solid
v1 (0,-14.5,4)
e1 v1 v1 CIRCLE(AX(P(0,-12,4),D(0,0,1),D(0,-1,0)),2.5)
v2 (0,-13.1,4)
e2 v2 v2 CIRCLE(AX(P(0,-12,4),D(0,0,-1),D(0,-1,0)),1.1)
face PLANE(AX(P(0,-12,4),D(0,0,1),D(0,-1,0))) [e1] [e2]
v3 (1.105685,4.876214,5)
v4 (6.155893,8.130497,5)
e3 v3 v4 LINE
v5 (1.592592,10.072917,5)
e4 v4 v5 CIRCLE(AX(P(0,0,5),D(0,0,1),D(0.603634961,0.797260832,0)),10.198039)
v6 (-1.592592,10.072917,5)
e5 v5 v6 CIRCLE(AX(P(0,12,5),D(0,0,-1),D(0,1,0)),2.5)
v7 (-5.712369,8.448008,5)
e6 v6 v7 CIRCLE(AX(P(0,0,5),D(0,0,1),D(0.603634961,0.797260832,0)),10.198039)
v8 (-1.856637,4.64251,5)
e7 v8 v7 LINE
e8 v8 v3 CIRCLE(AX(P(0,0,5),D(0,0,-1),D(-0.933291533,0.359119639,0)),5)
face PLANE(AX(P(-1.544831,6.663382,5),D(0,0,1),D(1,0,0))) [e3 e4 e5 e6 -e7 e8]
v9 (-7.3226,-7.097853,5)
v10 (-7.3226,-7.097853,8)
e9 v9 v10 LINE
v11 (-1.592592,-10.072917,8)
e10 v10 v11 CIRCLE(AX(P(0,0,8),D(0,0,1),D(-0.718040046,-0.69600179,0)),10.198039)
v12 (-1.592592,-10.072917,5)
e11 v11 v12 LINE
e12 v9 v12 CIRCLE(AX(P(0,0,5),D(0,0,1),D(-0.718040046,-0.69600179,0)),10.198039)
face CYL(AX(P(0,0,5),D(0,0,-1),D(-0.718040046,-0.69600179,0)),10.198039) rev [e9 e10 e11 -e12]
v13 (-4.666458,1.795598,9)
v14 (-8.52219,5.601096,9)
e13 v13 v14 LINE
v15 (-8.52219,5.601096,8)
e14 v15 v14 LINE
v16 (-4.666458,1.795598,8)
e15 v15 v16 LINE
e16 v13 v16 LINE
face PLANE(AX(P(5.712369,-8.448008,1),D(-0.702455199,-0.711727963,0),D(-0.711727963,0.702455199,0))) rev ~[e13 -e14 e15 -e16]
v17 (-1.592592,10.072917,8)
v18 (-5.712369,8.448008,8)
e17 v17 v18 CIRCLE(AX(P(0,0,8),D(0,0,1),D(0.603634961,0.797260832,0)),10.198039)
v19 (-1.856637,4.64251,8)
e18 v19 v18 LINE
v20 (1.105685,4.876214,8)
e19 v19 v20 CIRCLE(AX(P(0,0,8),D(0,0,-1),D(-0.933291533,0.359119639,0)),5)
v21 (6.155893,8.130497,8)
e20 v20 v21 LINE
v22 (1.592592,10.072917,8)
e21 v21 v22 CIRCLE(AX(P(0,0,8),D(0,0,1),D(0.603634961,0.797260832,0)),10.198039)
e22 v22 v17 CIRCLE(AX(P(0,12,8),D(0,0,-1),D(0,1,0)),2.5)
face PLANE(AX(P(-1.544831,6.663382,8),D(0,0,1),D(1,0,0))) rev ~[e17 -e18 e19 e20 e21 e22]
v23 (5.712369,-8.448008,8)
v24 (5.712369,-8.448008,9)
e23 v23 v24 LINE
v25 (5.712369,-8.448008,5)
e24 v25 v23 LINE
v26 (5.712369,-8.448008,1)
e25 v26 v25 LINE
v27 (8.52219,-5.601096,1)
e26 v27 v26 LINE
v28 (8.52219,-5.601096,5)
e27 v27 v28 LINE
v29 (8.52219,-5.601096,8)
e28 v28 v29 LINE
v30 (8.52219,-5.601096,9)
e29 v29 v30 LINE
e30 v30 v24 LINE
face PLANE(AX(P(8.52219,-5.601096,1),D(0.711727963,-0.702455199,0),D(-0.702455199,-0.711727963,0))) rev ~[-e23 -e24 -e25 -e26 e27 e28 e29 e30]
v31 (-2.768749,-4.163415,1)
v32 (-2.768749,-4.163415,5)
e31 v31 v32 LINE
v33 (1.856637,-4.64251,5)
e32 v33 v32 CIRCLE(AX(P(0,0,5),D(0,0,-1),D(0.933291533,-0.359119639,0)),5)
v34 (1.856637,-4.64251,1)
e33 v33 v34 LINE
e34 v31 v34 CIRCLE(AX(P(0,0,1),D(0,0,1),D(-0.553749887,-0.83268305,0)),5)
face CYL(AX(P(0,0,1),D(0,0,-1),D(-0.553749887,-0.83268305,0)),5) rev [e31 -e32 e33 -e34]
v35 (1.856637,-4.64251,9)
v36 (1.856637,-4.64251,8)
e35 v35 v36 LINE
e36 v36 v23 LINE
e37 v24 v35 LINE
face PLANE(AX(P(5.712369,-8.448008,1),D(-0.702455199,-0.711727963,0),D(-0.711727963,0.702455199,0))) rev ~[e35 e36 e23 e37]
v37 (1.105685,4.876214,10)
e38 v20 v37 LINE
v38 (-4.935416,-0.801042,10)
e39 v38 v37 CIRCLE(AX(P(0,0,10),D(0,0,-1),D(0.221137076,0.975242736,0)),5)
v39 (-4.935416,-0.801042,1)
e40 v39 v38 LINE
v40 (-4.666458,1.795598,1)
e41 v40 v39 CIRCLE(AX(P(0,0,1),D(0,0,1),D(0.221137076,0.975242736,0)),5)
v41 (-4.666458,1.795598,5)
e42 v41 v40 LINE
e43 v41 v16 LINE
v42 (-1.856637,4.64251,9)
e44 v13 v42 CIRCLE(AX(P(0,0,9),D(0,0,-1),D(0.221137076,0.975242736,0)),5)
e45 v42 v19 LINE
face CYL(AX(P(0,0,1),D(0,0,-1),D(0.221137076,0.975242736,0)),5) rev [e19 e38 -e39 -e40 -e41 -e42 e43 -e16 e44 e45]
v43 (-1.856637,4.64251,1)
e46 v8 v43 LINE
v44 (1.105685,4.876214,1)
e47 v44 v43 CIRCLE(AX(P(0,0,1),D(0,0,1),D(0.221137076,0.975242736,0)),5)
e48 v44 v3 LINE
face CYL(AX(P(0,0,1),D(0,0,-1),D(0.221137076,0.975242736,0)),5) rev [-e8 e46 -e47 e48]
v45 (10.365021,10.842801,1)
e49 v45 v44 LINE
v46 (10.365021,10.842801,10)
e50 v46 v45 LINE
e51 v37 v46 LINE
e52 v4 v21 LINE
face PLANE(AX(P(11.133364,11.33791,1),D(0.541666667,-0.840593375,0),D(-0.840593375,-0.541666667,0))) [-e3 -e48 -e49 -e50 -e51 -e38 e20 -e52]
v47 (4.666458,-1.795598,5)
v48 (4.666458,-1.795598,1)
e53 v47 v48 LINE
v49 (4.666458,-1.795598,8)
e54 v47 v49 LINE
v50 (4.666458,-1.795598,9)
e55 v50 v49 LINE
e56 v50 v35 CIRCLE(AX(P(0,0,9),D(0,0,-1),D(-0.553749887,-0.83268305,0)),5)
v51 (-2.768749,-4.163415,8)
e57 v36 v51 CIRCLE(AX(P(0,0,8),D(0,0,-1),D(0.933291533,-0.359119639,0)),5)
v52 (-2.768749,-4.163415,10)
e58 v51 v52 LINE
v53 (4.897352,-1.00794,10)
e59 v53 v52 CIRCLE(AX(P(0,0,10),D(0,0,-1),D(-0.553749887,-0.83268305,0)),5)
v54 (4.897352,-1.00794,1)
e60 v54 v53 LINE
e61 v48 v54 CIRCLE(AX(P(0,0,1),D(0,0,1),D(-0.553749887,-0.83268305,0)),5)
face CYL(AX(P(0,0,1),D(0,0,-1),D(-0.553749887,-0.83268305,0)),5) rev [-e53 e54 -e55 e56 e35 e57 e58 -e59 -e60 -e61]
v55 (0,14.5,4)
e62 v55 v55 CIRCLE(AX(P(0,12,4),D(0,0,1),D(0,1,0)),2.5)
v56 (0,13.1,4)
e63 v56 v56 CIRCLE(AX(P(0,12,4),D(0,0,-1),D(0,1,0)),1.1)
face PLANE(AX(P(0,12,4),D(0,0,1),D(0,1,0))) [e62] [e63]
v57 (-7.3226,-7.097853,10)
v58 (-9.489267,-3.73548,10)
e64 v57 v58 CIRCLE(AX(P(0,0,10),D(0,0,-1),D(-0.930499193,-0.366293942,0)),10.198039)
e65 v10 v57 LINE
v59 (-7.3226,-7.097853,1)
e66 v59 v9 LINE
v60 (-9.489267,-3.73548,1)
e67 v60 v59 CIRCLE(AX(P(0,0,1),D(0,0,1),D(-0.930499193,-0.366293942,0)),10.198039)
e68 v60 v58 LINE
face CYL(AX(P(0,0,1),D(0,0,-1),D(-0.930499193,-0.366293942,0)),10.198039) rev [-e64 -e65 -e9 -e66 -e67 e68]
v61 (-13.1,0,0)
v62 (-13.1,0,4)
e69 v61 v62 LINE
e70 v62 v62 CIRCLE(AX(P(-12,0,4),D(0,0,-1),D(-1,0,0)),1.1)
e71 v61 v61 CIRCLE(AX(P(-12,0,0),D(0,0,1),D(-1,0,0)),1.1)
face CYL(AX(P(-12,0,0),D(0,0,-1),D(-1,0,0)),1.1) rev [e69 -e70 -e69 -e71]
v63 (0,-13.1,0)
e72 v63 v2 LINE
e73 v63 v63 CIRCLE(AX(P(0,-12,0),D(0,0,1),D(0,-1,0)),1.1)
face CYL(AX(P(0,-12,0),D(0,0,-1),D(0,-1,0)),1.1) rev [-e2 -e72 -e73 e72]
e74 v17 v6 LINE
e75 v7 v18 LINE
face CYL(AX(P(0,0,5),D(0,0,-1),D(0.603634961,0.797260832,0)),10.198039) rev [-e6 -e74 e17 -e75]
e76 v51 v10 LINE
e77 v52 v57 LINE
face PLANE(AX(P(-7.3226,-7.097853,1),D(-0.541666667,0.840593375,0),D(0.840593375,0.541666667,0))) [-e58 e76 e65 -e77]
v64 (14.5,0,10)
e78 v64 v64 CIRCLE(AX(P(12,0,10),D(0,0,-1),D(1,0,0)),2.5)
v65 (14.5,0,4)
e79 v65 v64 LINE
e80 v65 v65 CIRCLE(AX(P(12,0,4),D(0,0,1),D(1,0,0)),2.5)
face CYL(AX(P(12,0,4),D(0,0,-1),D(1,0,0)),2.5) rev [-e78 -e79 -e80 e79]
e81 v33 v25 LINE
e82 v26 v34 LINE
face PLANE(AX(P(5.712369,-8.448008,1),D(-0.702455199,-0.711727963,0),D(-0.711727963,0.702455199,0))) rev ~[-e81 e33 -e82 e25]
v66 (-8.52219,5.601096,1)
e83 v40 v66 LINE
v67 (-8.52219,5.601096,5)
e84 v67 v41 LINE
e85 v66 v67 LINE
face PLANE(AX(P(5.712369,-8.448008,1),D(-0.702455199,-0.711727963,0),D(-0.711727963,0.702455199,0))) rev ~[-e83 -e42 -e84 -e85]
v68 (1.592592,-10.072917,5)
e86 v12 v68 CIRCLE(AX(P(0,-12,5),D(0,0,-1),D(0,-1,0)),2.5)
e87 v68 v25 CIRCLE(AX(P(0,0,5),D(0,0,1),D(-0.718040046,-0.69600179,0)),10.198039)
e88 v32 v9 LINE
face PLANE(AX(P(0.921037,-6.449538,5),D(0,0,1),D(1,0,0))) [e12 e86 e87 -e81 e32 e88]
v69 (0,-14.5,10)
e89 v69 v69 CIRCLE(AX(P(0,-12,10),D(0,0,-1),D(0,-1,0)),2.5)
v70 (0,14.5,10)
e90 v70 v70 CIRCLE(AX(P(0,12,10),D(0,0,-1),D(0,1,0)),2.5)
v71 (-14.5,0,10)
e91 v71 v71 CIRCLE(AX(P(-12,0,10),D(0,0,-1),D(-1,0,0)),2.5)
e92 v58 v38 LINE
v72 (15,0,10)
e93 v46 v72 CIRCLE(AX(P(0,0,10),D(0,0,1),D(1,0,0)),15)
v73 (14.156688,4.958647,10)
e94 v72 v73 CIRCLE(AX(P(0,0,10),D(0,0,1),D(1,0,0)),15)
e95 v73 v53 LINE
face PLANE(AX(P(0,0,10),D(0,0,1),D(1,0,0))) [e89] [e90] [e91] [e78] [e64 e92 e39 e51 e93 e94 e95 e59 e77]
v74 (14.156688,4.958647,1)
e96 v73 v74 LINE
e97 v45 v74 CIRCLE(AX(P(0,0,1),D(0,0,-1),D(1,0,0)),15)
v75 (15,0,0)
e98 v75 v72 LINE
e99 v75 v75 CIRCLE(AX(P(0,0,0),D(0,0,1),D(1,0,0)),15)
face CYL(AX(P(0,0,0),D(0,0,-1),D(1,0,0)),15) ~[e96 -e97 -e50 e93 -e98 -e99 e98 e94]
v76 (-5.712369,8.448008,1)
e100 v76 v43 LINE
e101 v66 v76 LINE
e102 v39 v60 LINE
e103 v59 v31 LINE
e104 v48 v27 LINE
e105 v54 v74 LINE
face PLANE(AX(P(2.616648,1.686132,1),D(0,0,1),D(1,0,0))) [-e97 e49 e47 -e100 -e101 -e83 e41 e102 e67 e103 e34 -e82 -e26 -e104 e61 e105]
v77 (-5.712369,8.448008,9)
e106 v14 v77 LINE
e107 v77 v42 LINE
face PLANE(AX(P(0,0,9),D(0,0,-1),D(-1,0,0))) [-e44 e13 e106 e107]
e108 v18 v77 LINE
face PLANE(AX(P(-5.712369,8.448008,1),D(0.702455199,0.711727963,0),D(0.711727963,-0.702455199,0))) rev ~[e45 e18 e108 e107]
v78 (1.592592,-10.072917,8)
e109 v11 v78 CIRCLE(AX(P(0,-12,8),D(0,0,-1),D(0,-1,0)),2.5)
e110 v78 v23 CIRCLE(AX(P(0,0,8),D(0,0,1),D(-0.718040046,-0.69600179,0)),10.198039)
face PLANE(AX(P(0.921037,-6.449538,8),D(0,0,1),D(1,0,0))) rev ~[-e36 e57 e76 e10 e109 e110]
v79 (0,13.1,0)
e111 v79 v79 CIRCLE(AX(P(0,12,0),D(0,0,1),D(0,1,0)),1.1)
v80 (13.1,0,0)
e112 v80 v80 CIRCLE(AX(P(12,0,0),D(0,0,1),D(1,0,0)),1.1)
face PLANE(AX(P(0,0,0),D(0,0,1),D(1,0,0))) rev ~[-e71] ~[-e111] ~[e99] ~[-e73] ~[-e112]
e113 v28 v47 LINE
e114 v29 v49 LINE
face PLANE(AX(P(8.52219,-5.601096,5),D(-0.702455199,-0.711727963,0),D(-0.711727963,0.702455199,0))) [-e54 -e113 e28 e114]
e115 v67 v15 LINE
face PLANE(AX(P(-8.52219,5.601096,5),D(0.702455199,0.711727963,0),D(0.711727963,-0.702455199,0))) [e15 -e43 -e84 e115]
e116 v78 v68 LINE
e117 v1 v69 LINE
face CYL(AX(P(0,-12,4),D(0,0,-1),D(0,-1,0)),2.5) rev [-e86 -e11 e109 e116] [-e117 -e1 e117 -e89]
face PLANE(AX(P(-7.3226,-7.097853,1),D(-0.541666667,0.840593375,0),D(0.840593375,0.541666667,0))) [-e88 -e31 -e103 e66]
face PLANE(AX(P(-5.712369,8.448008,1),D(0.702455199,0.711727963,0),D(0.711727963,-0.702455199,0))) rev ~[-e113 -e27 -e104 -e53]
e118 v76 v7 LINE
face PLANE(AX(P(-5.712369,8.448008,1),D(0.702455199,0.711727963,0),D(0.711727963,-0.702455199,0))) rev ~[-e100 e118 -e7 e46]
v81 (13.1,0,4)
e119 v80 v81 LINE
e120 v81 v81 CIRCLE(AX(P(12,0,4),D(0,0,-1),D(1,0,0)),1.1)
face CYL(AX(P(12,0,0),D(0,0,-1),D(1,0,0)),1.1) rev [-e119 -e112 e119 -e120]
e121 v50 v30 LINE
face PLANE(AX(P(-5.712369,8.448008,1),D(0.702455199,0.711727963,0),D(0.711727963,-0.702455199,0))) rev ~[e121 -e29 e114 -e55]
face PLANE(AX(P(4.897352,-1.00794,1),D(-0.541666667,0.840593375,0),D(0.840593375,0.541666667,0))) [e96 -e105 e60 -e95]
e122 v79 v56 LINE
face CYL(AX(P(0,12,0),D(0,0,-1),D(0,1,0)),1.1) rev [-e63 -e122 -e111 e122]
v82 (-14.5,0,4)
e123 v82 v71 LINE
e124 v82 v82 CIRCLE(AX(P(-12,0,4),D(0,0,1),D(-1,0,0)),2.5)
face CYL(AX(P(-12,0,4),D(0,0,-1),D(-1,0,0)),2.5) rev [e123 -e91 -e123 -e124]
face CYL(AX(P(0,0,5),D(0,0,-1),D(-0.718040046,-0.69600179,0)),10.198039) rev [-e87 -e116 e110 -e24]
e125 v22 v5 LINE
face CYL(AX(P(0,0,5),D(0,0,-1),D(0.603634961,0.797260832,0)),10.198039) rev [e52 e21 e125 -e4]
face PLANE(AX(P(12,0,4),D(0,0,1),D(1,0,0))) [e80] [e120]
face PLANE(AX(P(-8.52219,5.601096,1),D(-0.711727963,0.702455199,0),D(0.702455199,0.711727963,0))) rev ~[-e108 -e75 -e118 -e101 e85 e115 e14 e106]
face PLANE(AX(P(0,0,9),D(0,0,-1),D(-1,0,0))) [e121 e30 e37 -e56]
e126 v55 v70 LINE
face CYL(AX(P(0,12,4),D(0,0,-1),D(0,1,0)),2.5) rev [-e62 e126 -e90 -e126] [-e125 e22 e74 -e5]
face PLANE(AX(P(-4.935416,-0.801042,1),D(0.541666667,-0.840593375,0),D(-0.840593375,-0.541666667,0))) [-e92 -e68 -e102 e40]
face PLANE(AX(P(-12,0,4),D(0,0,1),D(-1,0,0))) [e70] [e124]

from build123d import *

# Parameters (mm, degrees)
SKETCH1_R                = 15
BOSS_EXTRUDE1_DEPTH      = 10
SKETCH1_3_R              = 1.1
SCREWTHREAD_CUTOUT_DEPTH = 24.452078799
SCREW_START              = 4
SKETCH1_4_R              = 2.5
SCREW_HEAD_CUTOUT_DEPTH  = 20.452078799
CIRPATTERN1_COUNT        = 4
CUT_EXTRUDE3_START       = 1
CUT_EXTRUDE3_DEPTH       = 23.452078799
CUT_EXTRUDE4_START       = 5
CUT_EXTRUDE4_DEPTH       = 3
CUT_EXTRUDE11_START      = 1
CUT_EXTRUDE11_DEPTH      = 8


with BuildPart() as part:
    # Sketch1 → Boss-Extrude1 (new body)
    with BuildSketch(Plane.XY):
        Circle(SKETCH1_R)
    extrude(amount=BOSS_EXTRUDE1_DEPTH)

    # Sketch1<3> → screwthread cutout (cut, through all)
    with BuildSketch(Plane.XY):
        with Locations((12, 0)):
            Circle(SKETCH1_3_R)
    screwthread_cutout = extrude(amount=SCREWTHREAD_CUTOUT_DEPTH, mode=Mode.SUBTRACT)

    # Sketch1<4> → screw head cutout (cut, through all)
    with BuildSketch(Plane.XY.offset(SCREW_START)):
        with Locations((12, 0)):
            Circle(SKETCH1_4_R)
    screw_head_cutout = extrude(amount=SCREW_HEAD_CUTOUT_DEPTH, mode=Mode.SUBTRACT)

    # CirPattern1: screwthread cutout, screw head cutout ×4 about axis
    cirpattern1_axis = Axis((0, 0, 10), (0, 0, -1))
    add([screwthread_cutout.rotate(cirpattern1_axis, i * 360 / CIRPATTERN1_COUNT) for i in range(1, CIRPATTERN1_COUNT)], mode=Mode.SUBTRACT)
    add([screw_head_cutout.rotate(cirpattern1_axis, i * 360 / CIRPATTERN1_COUNT) for i in range(1, CIRPATTERN1_COUNT)], mode=Mode.SUBTRACT)

    # Sketch2 → Cut-Extrude3 (cut, through all)
    with BuildSketch(Plane.XY.offset(CUT_EXTRUDE3_START)):
        with BuildLine():
            ThreePointArc((-9.489267084, -3.735479917), (-8.572404045, -5.523937806), (-7.322600417, -7.097853417))
            Line((-7.322600417, -7.097853417), (-2.768749437, -4.163415252))
            ThreePointArc((-2.768749437, -4.163415252), (1.903153532, -4.623635651), (4.897352046, -1.007939947))
            Line((4.897352046, -1.007939947), (14.925030647, 5.453756521))
            Line((14.925030647, 5.453756521), (11.13336398, 11.337910146))
            Line((11.13336398, 11.337910146), (1.105685379, 4.876213679))
            ThreePointArc((1.105685379, 4.876213679), (-3.424108155, 3.643553669), (-4.935416103, -0.801041751))
            Line((-4.935416103, -0.801041751), (-9.489267084, -3.735479917))
        make_face()
    extrude(amount=CUT_EXTRUDE3_DEPTH, mode=Mode.SUBTRACT)

    # Sketch2<4> → Cut-Extrude4 (cut)
    with BuildSketch(Plane.XY.offset(CUT_EXTRUDE4_START)):
        with BuildLine():
            Line((-9.489267084, -3.735479917), (-7.322600417, -7.097853417))
            ThreePointArc((-7.322600417, -7.097853417), (-1.050685684, -10.143769496), (5.712369236, -8.448007914))
            Line((5.712369236, -8.448007914), (8.522190031, -5.601096061))
            Line((8.522190031, -5.601096061), (3.180991239, -0.329485203))
            Line((3.180991239, -0.329485203), (9.489267084, 3.735479917))
            Line((9.489267084, 3.735479917), (7.322600417, 7.097853417))
            ThreePointArc((7.322600417, 7.097853417), (1.050685684, 10.143769496), (-5.712369236, 8.448007914))
            Line((-5.712369236, 8.448007914), (-8.522190031, 5.601096061))
            Line((-8.522190031, 5.601096061), (-3.180991239, 0.329485203))
            Line((-3.180991239, 0.329485203), (-9.489267084, -3.735479917))
        make_face()
    extrude(amount=CUT_EXTRUDE4_DEPTH, mode=Mode.SUBTRACT)

    # Sketch2<5> → Cut-Extrude11 (cut)
    with BuildSketch(Plane.XY.offset(CUT_EXTRUDE11_START)):
        Polygon((5.712369236, -8.448007914), (-8.522190031, 5.601096061), (-5.712369236, 8.448007914), (8.522190031, -5.601096061), align=None)
    extrude(amount=CUT_EXTRUDE11_DEPTH, mode=Mode.SUBTRACT)


solid = part.part
